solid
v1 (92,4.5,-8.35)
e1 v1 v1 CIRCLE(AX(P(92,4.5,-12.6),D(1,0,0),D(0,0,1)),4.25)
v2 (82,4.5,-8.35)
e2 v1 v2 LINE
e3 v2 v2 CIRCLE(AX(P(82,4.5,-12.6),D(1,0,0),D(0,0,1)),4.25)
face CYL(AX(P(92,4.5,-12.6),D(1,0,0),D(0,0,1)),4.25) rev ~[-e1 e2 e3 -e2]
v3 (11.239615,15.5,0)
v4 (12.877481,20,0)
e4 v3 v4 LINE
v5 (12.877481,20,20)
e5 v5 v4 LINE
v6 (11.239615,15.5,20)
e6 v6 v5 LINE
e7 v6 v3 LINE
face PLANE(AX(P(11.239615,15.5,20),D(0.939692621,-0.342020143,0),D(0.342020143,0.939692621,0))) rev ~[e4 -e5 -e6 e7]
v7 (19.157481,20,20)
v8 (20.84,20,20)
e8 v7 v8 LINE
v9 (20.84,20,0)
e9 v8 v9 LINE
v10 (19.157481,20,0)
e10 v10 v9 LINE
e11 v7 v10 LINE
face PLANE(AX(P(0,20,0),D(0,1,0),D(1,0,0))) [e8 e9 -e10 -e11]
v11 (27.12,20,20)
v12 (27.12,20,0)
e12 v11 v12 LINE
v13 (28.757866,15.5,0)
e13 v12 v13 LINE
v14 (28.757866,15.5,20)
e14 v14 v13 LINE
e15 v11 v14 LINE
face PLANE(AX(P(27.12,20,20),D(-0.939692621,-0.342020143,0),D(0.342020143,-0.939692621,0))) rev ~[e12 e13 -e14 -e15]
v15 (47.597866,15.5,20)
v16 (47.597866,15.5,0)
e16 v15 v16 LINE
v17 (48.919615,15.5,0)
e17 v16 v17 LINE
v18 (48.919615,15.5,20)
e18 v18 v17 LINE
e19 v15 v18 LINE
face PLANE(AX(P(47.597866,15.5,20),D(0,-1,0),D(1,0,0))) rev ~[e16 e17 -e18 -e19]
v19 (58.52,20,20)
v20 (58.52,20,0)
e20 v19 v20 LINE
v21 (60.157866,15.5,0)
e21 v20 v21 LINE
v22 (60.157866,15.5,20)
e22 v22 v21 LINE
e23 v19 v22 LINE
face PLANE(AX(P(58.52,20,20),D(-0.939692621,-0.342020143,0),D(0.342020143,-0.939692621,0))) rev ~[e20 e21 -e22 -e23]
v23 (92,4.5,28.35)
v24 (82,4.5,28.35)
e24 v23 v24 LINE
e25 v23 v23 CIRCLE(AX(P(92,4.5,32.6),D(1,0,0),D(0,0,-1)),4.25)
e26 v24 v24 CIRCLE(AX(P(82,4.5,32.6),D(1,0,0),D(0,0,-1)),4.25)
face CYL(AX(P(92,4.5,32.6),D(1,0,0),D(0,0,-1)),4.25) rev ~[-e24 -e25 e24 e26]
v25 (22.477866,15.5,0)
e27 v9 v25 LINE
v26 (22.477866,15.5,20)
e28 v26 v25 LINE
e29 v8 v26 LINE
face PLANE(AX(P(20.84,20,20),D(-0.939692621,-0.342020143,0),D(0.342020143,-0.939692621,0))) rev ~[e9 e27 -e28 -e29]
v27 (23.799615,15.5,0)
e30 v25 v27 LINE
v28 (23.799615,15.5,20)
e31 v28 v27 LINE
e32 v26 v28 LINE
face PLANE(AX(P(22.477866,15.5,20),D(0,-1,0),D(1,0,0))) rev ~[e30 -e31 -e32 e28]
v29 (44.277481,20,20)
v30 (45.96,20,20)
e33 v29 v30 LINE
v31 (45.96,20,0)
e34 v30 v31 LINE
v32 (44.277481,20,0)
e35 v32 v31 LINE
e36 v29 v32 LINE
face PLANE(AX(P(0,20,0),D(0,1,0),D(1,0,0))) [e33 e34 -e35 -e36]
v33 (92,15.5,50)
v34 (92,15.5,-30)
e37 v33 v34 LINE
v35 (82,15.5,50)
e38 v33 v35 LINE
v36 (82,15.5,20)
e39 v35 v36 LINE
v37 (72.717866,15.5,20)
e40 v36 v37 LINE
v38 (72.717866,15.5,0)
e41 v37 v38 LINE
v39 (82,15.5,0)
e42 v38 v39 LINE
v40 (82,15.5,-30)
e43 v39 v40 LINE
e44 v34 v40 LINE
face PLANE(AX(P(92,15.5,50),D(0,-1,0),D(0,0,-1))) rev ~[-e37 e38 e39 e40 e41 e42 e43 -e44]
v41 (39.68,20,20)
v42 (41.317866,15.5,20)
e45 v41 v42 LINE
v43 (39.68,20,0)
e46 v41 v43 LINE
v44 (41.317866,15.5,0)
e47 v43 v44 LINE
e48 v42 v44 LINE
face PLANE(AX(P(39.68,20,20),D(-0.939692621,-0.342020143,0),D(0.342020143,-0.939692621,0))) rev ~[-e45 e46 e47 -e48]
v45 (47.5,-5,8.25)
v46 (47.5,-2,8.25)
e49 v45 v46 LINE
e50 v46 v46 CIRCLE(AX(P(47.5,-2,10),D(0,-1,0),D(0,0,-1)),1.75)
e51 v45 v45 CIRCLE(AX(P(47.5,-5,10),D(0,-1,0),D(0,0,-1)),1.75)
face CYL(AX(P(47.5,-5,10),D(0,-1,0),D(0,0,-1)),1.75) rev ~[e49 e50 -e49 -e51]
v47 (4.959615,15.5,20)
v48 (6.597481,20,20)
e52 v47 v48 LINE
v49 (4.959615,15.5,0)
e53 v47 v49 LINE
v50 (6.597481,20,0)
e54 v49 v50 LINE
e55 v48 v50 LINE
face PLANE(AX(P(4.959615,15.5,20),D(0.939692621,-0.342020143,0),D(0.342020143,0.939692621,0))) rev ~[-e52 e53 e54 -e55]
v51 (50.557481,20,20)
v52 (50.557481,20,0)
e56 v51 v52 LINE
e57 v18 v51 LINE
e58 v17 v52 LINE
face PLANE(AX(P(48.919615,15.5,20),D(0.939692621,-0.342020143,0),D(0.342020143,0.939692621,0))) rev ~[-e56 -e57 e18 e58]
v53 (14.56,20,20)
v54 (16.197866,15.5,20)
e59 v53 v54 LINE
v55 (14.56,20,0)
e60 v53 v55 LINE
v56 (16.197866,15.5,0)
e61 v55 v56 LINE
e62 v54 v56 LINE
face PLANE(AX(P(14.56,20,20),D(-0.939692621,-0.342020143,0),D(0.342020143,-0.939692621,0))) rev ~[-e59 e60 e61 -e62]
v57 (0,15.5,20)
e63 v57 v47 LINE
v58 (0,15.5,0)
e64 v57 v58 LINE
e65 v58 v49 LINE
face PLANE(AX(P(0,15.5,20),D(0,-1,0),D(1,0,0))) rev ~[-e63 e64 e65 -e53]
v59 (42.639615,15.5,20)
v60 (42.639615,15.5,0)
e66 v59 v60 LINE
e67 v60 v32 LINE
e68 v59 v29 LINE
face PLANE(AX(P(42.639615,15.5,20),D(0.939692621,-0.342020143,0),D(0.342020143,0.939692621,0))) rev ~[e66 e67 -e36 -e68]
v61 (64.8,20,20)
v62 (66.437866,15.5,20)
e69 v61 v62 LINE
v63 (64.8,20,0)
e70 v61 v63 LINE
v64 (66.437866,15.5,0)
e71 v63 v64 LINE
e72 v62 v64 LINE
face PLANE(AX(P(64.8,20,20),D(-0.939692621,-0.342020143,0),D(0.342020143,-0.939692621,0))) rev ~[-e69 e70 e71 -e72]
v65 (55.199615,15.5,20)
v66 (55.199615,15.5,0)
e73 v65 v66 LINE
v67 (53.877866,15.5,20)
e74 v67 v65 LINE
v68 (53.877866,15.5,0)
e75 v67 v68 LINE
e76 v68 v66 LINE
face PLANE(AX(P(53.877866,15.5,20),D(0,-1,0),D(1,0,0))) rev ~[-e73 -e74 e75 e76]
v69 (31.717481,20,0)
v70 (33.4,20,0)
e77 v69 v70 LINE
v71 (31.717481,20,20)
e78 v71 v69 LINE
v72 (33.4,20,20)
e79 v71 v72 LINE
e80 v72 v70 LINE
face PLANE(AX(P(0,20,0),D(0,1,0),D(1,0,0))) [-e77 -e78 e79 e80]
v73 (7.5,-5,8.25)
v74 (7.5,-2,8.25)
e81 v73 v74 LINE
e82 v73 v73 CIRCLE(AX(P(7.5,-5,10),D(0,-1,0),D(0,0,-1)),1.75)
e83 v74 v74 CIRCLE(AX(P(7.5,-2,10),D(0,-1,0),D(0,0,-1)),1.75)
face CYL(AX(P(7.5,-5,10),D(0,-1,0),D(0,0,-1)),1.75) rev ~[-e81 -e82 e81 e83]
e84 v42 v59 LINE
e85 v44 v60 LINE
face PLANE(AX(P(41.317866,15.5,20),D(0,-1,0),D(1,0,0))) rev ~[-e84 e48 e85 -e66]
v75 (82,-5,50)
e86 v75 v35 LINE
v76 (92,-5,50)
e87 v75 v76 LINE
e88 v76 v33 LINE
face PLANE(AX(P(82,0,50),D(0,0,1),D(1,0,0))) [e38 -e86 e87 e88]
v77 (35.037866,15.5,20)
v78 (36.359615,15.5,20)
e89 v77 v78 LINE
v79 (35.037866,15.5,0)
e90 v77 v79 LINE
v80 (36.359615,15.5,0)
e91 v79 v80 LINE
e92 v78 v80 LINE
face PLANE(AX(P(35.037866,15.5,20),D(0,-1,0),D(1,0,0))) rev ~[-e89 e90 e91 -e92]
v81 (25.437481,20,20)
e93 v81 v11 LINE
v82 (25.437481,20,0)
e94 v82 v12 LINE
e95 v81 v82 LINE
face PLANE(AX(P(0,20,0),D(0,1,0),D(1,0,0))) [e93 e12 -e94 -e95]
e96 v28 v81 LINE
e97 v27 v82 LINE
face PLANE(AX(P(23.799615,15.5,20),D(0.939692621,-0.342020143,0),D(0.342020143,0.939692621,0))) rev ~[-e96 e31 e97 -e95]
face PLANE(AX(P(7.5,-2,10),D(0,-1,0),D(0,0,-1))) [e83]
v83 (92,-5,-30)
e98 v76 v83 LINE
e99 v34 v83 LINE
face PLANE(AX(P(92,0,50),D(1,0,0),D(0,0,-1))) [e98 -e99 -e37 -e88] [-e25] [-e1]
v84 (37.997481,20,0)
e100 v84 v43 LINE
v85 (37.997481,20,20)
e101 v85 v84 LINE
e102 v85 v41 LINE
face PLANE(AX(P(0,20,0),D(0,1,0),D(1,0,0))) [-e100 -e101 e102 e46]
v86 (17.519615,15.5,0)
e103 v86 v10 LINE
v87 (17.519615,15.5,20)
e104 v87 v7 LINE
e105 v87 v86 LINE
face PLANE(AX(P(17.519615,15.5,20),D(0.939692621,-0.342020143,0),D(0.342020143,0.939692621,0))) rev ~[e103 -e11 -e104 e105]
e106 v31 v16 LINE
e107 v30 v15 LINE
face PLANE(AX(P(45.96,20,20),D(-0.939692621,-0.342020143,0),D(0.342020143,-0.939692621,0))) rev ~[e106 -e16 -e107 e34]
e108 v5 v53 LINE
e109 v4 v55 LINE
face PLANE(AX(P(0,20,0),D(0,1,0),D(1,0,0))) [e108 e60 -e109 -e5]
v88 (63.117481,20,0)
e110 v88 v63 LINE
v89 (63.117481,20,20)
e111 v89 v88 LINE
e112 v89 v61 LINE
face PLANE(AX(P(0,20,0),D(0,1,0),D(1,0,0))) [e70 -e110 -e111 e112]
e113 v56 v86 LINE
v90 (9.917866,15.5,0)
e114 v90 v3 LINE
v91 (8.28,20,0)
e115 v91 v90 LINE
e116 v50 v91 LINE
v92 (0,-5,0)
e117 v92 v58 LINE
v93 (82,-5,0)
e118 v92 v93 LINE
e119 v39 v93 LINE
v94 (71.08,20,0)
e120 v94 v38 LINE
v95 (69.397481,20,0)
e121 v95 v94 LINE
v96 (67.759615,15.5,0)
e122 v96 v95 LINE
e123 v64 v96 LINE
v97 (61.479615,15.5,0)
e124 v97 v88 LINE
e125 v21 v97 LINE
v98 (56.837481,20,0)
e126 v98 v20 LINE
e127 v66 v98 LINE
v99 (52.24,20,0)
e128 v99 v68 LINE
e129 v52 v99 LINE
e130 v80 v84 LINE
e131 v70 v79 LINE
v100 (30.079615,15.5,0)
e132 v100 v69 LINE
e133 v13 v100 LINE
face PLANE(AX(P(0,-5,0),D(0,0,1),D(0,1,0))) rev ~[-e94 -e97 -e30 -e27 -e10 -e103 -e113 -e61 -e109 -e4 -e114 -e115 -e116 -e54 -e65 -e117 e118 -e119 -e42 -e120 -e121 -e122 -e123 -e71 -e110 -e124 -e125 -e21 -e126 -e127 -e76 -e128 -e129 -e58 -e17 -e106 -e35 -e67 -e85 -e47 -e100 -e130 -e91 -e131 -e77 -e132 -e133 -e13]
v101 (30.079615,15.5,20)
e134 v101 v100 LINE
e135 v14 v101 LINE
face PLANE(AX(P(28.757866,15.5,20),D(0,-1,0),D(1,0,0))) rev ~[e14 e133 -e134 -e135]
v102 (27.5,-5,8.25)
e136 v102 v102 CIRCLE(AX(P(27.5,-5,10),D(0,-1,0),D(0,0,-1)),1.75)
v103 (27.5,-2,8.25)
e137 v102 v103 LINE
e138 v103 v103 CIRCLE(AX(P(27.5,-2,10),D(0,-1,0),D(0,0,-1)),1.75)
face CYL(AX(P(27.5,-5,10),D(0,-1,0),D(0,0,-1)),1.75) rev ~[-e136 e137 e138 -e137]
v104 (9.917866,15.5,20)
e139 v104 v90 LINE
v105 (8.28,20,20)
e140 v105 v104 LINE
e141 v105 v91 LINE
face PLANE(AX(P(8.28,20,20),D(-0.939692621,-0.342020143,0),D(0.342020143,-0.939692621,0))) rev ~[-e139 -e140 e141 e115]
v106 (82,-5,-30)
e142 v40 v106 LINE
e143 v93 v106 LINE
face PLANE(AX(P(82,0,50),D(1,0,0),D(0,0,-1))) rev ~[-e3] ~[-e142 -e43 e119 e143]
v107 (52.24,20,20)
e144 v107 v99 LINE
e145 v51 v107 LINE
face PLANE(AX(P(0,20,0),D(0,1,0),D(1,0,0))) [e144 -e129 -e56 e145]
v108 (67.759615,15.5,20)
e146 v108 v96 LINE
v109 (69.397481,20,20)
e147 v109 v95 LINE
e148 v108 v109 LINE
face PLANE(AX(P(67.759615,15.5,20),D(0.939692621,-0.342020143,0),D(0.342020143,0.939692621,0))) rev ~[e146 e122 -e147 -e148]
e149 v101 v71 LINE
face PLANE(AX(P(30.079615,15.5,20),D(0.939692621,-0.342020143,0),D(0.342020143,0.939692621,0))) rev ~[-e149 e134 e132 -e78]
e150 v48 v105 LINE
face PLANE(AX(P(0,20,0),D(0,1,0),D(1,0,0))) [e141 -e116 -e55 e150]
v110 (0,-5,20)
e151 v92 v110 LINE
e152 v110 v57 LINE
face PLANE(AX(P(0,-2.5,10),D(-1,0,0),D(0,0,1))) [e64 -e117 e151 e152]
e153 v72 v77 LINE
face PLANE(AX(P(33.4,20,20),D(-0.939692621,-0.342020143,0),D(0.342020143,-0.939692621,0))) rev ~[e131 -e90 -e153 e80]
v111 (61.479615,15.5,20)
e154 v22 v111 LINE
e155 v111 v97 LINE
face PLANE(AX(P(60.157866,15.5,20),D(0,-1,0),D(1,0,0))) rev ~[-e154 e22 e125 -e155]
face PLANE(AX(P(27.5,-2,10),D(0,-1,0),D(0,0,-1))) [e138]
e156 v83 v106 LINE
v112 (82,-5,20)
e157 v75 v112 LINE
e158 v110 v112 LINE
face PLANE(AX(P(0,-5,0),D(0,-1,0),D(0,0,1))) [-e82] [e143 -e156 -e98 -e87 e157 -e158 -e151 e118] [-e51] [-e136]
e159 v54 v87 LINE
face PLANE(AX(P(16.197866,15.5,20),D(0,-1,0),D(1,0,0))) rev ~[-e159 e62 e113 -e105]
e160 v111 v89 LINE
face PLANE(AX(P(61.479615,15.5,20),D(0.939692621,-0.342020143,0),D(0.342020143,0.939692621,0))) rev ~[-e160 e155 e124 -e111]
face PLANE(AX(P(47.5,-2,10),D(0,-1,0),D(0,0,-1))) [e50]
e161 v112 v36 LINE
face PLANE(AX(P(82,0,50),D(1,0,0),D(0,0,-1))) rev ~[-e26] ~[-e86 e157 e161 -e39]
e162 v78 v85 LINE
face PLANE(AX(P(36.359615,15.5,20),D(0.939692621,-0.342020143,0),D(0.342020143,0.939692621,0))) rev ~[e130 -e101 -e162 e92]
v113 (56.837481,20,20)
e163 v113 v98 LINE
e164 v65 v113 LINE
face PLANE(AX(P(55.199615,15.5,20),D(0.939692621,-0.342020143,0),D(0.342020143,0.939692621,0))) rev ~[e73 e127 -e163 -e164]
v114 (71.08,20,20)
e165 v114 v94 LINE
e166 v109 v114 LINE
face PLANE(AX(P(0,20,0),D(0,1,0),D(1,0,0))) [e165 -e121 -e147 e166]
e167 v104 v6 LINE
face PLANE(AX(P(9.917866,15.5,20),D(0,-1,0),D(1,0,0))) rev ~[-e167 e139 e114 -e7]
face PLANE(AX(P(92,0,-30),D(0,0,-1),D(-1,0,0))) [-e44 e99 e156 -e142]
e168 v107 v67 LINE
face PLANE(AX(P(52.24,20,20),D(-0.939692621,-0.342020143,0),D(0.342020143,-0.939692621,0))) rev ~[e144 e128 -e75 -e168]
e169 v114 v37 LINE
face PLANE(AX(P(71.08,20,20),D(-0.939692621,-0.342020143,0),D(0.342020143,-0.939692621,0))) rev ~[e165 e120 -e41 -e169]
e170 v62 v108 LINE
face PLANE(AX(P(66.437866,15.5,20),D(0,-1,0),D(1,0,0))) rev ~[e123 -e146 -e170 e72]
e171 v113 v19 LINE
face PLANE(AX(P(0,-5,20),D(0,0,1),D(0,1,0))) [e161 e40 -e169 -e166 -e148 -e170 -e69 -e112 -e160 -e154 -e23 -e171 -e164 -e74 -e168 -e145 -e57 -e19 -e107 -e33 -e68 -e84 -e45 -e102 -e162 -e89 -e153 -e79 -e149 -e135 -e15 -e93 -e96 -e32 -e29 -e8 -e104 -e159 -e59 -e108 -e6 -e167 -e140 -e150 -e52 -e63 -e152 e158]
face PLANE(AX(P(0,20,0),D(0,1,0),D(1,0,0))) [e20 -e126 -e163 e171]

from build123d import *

# Parameters (mm, degrees)
SKETCH_1_W             = 92
SKETCH_1_H             = 20
EXTRUDE_1_DEPTH        = 20
CUT_EXTRUDE_1_DEPTH    = 97.249675324
PATTERN_LINEAR_1_COUNT = 14
PATTERN_LINEAR_1_PITCH = 6.28
CUT_EXTRUDE_2_DEPTH    = 97.249675324
SKETCH_4_W             = 30
SKETCH_4_H             = 15.5
EXTRUDE_2_DEPTH        = 10
EXTRUDE_3_DEPTH        = 5
SKETCH_9_R             = 4.25
CUT_EXTRUDE_6_DEPTH    = 107.60206377
SKETCH_11_W            = 20
SKETCH_11_H            = 5
EXTRUDE_4_DEPTH        = 82
SKETCH_12_R            = 1.75
CUT_EXTRUDE_7_DEPTH    = 3


with BuildPart() as part:
    # 草图1 → 凸台-拉伸1 (new body)
    with BuildSketch(Plane.XY):
        with Locations((46, 10)):
            Rectangle(SKETCH_1_W, SKETCH_1_H)
    extrude(amount=EXTRUDE_1_DEPTH)

    # 草图2 → 切除-拉伸1 (cut, through all)
    with BuildSketch(Plane.XY.offset(20)):
        Polygon((2, 20), (3.637866054, 15.5), (4.959614883, 15.5), (6.597480937, 20), align=None)
    cut_extrude_1 = extrude(amount=-CUT_EXTRUDE_1_DEPTH, mode=Mode.SUBTRACT)

    # 阵列(线性)1: 切除-拉伸1 ×14
    with Locations(*[(i * PATTERN_LINEAR_1_PITCH, 0, 0) for i in range(1, PATTERN_LINEAR_1_COUNT)]):
        add(cut_extrude_1, mode=Mode.SUBTRACT)

    # 草图3 → 切除-拉伸2 (cut, through all)
    with BuildSketch(Plane.XY.offset(20)):
        Polygon((2, 20), (0, 20), (0, 15.5), (3.637866054, 15.5), align=None)
        Polygon((74.039614883, 15.5), (75.677480937, 20), (92, 20), (92, 15.5), align=None)
    extrude(amount=-CUT_EXTRUDE_2_DEPTH, mode=Mode.SUBTRACT)

    # 草图4 → 凸台-拉伸2 (add)
    with BuildSketch(Plane(origin=(92, 0, 0), x_dir=(0, 0, -1), z_dir=(1, 0, 0))):
        with Locations((-35, 7.75)):
            Rectangle(SKETCH_4_W, SKETCH_4_H)
        with Locations((15, 7.75)):
            Rectangle(SKETCH_4_W, SKETCH_4_H)
    extrude(amount=-EXTRUDE_2_DEPTH)

    # 草图6 → 凸台-拉伸3 (add)
    with BuildSketch(Plane.XZ):
        Polygon((82, 0), (82, 20), (82, 50), (92, 50), (92, -30), (82, -30), align=None)
    extrude(amount=EXTRUDE_3_DEPTH)

    # 草图9 → 切除-拉伸6 (cut, through all)
    with BuildSketch(Plane(origin=(92, 0, 0), x_dir=(0, 0, -1), z_dir=(1, 0, 0))):
        with Locations((-32.6, 4.5)):
            Circle(SKETCH_9_R)
        with Locations(Location((12.6, 4.5, 0), (0, 0, 180))):
            Circle(SKETCH_9_R)
    extrude(amount=-CUT_EXTRUDE_6_DEPTH, mode=Mode.SUBTRACT)

    # 草图11 → 凸台-拉伸4 (add)
    with BuildSketch(Plane.ZY):
        with Locations((10, -2.5)):
            Rectangle(SKETCH_11_W, SKETCH_11_H)
    extrude(amount=-EXTRUDE_4_DEPTH)

    # 草图12 → 切除-拉伸7 (cut)
    with BuildSketch(Plane.XZ.offset(5)):
        with Locations(Location((7.5, 10, 0), (0, 0, 270))):
            Circle(SKETCH_12_R)
        with Locations(Location((27.5, 10, 0), (0, 0, 270))):
            Circle(SKETCH_12_R)
        with Locations(Location((47.5, 10, 0), (0, 0, 270))):
            Circle(SKETCH_12_R)
    extrude(amount=-CUT_EXTRUDE_7_DEPTH, mode=Mode.SUBTRACT)


solid = part.part
